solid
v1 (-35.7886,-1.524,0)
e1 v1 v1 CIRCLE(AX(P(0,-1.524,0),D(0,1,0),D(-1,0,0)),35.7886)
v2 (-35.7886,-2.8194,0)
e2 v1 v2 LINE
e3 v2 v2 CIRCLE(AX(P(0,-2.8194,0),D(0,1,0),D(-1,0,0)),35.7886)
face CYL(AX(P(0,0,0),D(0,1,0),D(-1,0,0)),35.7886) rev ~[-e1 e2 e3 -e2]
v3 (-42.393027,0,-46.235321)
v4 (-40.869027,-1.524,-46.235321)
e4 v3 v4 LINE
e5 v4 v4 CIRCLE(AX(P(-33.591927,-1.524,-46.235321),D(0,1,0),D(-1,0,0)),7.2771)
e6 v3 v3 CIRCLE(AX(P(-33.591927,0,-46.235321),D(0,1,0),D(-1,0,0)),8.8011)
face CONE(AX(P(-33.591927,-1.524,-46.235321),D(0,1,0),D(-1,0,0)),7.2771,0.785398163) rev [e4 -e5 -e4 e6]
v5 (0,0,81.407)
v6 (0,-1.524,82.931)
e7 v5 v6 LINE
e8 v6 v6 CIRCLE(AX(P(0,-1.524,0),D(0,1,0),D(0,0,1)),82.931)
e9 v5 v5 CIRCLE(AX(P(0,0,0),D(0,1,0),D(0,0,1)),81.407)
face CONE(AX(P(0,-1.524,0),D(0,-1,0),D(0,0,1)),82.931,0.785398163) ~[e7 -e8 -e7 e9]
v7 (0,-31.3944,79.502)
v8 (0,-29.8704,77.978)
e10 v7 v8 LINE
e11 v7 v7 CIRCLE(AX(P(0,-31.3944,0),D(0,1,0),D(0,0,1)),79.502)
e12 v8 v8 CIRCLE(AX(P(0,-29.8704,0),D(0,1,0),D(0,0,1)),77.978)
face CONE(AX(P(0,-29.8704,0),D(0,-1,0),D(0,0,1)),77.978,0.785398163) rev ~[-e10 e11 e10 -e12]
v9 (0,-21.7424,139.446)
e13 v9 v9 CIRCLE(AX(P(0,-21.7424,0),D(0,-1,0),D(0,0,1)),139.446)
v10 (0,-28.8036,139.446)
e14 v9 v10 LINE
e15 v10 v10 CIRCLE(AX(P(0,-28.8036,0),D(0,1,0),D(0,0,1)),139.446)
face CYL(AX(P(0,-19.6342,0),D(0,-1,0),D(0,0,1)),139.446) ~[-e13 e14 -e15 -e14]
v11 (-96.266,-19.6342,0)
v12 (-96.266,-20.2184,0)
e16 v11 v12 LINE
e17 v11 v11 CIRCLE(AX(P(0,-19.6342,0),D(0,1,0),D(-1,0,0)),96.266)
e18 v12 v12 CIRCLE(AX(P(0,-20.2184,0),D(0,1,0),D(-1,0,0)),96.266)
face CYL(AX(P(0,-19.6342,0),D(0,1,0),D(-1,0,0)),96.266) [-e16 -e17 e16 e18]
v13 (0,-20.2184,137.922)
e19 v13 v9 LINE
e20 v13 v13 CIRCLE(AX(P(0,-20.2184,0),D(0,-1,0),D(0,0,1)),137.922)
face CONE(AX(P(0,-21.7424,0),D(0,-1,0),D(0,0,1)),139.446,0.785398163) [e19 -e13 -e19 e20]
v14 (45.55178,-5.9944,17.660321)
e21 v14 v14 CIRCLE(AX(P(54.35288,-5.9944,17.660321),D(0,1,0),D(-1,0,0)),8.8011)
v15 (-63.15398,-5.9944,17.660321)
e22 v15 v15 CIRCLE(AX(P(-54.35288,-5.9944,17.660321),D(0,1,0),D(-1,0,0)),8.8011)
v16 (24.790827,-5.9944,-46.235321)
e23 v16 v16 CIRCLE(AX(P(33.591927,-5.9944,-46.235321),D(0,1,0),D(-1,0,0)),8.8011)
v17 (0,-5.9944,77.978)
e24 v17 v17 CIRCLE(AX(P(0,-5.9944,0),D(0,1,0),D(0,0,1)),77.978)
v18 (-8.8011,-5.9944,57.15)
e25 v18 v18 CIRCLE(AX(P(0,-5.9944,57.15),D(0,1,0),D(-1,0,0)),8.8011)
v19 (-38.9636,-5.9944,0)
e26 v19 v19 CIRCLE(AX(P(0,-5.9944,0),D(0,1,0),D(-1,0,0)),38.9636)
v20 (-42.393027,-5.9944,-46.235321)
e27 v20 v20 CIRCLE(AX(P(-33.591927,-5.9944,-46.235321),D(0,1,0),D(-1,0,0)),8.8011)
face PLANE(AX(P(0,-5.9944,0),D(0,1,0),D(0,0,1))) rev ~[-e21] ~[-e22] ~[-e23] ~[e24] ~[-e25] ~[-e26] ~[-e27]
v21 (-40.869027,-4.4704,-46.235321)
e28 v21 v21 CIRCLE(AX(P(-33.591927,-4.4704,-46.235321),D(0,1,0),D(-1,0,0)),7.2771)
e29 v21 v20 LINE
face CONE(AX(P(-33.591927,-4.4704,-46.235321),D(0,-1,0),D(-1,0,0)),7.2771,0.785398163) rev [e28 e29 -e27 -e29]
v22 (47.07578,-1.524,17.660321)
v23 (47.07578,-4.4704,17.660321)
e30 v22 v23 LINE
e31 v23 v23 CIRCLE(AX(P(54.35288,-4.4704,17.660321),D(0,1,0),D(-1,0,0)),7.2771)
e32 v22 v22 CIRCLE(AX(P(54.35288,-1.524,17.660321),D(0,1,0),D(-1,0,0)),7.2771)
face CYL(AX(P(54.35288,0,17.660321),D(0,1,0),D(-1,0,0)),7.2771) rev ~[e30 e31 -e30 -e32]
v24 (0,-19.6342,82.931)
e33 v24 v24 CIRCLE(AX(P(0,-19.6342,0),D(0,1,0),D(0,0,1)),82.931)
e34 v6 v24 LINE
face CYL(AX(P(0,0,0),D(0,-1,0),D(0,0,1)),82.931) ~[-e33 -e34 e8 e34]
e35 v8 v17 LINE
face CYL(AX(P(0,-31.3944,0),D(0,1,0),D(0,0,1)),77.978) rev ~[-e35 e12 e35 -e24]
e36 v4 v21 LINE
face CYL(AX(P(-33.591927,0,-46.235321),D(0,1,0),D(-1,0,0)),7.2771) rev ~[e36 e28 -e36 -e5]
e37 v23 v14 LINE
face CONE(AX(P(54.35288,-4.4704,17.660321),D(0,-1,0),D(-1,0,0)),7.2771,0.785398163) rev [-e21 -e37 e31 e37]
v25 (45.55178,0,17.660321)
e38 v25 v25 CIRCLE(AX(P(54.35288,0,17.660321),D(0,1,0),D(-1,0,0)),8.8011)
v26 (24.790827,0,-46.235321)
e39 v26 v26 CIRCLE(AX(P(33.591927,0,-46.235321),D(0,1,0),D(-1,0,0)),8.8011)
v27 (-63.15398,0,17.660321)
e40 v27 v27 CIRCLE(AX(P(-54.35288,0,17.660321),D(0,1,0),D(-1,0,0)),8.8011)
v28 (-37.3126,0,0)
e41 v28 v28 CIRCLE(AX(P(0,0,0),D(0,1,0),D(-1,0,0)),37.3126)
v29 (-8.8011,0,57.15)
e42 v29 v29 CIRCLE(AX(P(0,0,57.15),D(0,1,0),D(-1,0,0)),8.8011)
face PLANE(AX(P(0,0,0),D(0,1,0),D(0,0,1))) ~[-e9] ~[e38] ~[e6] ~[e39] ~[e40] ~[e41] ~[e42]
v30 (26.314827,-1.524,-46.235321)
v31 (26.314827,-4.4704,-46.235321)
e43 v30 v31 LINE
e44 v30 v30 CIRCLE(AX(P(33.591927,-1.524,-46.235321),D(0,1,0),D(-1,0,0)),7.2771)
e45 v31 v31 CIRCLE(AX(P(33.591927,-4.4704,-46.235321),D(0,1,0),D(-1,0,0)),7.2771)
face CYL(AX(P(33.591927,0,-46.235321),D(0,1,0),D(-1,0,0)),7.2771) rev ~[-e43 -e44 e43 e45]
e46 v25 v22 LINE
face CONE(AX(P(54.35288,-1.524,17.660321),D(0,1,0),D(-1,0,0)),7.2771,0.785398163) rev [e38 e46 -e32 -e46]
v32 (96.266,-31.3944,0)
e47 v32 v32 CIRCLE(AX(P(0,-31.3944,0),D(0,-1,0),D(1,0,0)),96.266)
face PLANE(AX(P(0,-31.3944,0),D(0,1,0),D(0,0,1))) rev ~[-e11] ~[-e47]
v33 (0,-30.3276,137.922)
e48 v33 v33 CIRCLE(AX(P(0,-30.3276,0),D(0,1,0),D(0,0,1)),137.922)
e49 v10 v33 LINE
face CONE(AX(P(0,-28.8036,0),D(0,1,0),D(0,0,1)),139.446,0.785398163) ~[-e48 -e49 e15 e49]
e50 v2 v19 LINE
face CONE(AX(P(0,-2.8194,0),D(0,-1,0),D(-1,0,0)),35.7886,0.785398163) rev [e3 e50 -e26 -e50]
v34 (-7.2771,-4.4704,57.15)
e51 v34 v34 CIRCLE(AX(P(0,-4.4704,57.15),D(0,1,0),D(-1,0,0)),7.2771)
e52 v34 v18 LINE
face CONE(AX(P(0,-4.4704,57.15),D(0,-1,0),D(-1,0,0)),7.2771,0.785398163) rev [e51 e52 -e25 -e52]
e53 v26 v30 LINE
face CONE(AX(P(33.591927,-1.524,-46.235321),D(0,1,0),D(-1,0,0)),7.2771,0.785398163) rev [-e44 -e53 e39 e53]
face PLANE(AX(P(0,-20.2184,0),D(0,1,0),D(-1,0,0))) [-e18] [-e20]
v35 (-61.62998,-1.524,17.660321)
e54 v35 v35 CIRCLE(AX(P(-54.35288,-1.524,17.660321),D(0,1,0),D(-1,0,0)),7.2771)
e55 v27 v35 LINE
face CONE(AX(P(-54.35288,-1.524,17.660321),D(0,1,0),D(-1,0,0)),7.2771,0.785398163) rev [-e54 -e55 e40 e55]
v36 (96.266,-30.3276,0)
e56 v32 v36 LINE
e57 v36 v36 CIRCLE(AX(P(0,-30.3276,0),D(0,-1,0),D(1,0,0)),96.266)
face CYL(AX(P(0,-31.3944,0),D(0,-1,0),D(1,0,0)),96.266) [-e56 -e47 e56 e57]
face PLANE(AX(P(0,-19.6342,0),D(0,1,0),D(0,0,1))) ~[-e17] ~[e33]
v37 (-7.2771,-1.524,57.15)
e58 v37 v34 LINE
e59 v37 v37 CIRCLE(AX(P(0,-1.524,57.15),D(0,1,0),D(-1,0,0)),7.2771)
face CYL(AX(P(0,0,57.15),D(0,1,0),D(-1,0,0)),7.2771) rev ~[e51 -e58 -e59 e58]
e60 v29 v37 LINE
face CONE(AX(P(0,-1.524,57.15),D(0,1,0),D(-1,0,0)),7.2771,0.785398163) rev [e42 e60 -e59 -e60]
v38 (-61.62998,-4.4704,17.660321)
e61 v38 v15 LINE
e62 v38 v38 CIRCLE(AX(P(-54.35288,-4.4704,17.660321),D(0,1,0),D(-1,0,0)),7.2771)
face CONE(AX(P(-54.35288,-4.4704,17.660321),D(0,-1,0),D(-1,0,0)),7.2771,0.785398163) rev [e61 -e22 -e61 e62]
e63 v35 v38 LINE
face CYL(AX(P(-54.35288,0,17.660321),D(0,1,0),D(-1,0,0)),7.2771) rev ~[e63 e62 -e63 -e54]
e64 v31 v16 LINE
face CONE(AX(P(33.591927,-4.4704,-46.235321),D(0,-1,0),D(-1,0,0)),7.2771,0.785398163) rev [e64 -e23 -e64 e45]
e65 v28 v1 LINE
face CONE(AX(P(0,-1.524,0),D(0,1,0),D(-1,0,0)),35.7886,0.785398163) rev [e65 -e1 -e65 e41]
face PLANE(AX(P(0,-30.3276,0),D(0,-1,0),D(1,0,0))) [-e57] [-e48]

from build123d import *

# Parameters (mm, degrees)
F2_R     = 169.8017669699
F2_R_2   = 96.266
F3_DEPTH = 0.5842
F4_R     = 139.446
F4_R_2   = 96.266
F5_DEPTH = 1.0668
F6_SIZE  = 1.524
F7_R     = 35.7886
F7_R_2   = 7.2771
F8_DEPTH = 25.4
F9_SIZE  = 1.524
F10_SIZE = 3.175


with BuildPart() as f1:
    # F0 (on Right) → F1 (revolve)
    with BuildSketch(Plane.YZ):
        Polygon((-5.9944, 0), (0, 0), (0, 82.931), (-19.6342, 82.931), (-19.6342, 139.446), (-31.3944, 139.446), (-31.3944, 77.978), (-5.9944, 77.978), align=None)
    revolve(axis=Axis((0, 54.5056797507, 0), (0, 1, 0)))

    # F2 (on face) → F3 (cut)
    with BuildSketch(Plane(origin=(0, -19.6342, 0), x_dir=(-1, 0, 0), z_dir=(0, 1, 0))):
        Circle(F2_R)
        Circle(F2_R_2, mode=Mode.SUBTRACT)
    extrude(amount=-F3_DEPTH, mode=Mode.SUBTRACT)

    # F4 (on face) → F5 (cut)
    with BuildSketch(Plane.XZ.offset(31.3944)):
        Circle(F4_R)
        Circle(F4_R_2, mode=Mode.SUBTRACT)
    extrude(amount=-F5_DEPTH, mode=Mode.SUBTRACT)

    # F6
    f6_edges = [f1.edges().sort_by_distance(p)[0] for p in [
        (0, -20.2184, -139.446),
        (0, -30.3276, -139.446),
        (0, 0, -82.931),
        (0, -31.3944, -77.978),
    ]]
    chamfer(f6_edges, length=F6_SIZE)

    # F7 (on face) → F8 (cut)
    with BuildSketch(Plane(origin=(0, 0, 0), x_dir=(-1, 0, 0), z_dir=(0, 1, 0))):
        Circle(F7_R)
        with Locations((0, 57.15)):
            Circle(F7_R_2)
        with Locations((-54.3528799063, 17.6603212285)):
            Circle(F7_R_2)
        with Locations((-33.5919271685, -46.2353212285)):
            Circle(F7_R_2)
        with Locations((33.5919271685, -46.2353212285)):
            Circle(F7_R_2)
        with Locations((54.3528799063, 17.6603212285)):
            Circle(F7_R_2)
    extrude(amount=-F8_DEPTH, mode=Mode.SUBTRACT)

    # F9
    f9_edges = [f1.edges().sort_by_distance(p)[0] for p in [
        (7.2771, 0, 57.15),
        (-47.07578, 0, 17.660321),
        (-26.314827, 0, -46.235321),
        (40.869027, 0, -46.235321),
        (61.62998, 0, 17.660321),
        (-26.314827, -5.9944, -46.235321),
        (-47.07578, -5.9944, 17.660321),
        (7.2771, -5.9944, 57.15),
        (61.62998, -5.9944, 17.660321),
        (40.869027, -5.9944, -46.235321),
        (35.7886, 0, 0),
    ]]
    chamfer(f9_edges, length=F9_SIZE)

    # F10
    f10_edges = [f1.edges().sort_by_distance(p)[0] for p in [
        (35.7886, -5.9944, 0),
    ]]
    chamfer(f10_edges, length=F10_SIZE)


solid = f1.part
